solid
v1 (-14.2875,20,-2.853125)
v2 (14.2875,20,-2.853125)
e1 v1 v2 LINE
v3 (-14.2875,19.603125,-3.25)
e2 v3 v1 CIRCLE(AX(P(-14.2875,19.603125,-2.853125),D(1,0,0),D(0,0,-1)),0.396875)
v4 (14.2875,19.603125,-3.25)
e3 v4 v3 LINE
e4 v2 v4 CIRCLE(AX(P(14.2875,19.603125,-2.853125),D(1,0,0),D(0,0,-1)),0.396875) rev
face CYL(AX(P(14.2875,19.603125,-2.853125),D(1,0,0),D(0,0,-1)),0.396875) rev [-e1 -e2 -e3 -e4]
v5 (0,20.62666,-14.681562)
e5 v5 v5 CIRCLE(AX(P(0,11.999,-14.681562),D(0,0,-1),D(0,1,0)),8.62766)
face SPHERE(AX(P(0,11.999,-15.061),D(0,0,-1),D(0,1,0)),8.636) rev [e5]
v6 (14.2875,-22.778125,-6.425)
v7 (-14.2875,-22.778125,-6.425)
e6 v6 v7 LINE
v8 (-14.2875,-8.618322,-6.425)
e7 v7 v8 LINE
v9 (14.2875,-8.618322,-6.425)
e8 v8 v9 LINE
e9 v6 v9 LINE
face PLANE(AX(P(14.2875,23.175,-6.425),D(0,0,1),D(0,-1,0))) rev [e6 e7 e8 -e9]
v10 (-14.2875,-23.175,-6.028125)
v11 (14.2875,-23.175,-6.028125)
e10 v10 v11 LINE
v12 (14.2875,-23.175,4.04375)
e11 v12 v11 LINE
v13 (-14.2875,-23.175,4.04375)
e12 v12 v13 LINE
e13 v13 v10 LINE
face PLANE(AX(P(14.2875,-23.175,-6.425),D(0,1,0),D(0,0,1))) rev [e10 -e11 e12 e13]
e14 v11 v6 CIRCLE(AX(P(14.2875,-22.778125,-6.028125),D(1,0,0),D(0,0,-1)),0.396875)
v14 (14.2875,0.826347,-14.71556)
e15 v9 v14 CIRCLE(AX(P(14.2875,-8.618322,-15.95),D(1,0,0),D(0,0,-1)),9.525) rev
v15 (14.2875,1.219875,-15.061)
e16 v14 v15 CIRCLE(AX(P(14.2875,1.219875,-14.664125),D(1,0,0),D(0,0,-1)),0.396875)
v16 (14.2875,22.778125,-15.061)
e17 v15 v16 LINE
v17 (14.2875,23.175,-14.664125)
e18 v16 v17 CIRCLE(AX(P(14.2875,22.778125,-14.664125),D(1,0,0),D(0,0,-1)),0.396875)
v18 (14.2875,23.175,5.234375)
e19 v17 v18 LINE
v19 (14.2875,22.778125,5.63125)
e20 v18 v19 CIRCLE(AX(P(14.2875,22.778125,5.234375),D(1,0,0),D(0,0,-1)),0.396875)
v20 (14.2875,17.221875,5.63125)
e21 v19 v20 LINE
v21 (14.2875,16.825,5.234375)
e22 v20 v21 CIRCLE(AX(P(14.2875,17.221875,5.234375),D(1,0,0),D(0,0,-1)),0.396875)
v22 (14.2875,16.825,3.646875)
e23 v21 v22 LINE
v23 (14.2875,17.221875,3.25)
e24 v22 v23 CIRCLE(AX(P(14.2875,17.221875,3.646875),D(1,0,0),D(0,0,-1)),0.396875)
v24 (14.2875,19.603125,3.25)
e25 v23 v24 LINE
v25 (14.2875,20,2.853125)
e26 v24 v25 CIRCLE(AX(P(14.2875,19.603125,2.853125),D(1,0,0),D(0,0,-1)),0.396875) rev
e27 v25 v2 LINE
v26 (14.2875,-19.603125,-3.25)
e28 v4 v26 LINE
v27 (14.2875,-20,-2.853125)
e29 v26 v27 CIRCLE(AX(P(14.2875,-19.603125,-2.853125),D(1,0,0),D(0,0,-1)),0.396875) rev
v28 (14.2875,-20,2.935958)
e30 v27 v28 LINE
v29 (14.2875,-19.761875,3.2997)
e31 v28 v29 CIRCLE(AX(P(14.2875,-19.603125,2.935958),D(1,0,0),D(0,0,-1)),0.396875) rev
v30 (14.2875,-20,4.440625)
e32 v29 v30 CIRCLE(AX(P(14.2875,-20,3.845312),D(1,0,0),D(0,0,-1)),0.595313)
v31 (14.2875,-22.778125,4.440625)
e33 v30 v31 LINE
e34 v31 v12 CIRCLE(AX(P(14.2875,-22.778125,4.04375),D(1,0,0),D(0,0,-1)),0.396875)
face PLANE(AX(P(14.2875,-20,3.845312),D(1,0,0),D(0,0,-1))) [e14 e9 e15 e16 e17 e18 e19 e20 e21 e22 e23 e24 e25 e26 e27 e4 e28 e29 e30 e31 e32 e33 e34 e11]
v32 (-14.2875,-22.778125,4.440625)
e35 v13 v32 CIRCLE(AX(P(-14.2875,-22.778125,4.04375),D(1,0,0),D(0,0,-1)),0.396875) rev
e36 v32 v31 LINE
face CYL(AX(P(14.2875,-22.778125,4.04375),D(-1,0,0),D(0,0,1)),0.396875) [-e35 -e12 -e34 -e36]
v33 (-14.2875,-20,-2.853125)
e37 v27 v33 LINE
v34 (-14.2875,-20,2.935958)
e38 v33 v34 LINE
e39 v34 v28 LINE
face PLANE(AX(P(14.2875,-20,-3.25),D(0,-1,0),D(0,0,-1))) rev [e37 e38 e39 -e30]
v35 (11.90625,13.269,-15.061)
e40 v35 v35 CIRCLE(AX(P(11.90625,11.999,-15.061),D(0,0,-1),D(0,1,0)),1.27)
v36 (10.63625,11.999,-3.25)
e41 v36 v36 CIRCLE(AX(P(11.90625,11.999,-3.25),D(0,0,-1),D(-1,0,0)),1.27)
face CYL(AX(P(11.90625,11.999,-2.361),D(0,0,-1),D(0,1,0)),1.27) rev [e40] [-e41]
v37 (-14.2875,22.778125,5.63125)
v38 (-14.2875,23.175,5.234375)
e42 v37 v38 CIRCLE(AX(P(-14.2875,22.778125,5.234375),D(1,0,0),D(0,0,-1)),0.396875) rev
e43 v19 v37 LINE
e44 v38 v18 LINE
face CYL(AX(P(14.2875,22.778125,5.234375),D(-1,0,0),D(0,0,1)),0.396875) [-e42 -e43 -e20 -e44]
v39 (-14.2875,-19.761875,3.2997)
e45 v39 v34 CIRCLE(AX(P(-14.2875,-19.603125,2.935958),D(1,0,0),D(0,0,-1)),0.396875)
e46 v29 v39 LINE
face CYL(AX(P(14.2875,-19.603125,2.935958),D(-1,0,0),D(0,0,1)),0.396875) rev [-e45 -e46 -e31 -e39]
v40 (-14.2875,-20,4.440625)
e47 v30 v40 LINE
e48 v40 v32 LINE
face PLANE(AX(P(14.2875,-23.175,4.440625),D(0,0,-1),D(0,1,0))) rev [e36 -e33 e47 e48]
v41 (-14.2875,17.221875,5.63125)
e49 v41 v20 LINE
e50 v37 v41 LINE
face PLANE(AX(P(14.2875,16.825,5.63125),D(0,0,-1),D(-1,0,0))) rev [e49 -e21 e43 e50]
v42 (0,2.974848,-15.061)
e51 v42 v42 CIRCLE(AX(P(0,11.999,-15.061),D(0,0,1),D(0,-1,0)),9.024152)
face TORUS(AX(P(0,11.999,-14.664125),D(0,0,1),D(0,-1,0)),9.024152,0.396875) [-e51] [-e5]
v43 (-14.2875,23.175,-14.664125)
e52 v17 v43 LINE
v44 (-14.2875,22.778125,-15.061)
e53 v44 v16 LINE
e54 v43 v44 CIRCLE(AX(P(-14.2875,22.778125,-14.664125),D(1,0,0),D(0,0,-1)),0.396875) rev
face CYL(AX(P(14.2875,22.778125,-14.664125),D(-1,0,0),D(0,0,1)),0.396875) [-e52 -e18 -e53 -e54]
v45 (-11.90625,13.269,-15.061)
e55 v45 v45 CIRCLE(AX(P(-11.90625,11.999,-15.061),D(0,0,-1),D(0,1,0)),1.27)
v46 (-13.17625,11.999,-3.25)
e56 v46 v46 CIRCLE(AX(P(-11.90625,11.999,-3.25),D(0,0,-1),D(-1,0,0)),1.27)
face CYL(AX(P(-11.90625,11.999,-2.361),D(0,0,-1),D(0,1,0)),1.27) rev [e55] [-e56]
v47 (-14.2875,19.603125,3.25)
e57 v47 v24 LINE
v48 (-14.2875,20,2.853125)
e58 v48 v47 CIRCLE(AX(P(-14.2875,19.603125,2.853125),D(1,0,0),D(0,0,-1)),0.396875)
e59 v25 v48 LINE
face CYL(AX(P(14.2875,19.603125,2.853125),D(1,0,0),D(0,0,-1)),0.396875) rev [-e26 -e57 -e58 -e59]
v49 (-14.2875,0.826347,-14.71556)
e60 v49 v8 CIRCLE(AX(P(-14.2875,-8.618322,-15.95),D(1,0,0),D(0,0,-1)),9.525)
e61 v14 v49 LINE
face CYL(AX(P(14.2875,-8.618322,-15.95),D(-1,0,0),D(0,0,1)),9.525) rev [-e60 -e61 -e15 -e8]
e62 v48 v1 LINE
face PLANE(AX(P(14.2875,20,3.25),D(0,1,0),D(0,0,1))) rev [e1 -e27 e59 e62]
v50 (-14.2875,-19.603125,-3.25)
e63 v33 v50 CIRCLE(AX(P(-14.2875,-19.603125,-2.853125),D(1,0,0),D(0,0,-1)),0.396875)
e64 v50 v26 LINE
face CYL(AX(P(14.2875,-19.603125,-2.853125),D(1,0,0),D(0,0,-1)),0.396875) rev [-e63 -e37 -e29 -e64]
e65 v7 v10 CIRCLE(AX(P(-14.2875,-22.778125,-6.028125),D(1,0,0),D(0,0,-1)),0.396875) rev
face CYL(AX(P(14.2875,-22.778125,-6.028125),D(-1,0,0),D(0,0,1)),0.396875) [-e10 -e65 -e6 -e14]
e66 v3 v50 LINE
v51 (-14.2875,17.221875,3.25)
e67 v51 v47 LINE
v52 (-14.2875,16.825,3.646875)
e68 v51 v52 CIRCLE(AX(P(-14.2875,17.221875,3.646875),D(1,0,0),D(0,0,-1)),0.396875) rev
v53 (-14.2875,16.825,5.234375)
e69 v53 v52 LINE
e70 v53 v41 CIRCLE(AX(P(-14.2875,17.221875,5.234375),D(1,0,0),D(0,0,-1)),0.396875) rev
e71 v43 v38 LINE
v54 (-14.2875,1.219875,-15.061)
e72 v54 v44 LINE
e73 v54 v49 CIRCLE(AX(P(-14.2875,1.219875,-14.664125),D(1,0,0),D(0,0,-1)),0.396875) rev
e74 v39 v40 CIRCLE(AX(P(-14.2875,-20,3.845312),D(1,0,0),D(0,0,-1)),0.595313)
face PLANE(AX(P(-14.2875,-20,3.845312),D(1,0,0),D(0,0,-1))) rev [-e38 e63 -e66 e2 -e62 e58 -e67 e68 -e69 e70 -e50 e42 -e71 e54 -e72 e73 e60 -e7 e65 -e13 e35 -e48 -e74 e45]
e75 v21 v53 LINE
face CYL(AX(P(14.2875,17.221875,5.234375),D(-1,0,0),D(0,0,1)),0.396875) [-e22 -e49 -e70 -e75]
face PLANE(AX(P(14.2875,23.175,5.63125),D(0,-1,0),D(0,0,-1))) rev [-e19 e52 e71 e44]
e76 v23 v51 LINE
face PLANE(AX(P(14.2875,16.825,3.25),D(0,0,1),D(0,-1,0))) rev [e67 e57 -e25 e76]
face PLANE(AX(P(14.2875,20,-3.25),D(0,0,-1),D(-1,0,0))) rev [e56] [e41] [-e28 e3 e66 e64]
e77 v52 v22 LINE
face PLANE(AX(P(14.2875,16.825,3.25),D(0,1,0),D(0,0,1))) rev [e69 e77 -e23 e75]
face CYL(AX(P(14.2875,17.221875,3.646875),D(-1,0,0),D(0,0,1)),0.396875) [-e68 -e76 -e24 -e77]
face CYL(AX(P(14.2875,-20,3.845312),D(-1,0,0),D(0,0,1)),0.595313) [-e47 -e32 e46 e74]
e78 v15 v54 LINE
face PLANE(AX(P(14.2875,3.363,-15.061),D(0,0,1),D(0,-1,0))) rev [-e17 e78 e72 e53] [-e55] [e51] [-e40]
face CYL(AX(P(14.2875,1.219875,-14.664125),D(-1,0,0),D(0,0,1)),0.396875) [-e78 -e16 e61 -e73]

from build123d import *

# Parameters (mm, degrees)
BOSS_EXTRUDE1_DEPTH = 14.2875
FILLET1_R           = 0.396875
BOSS_EXTRUDE2_DEPTH = 14.2875
FILLET2_R           = 0.396875
SKETCH5_R           = 1.27
CUT_EXTRUDE1_DEPTH  = 12.7
FILLET3_R           = 9.525


with BuildPart() as part:
    # Sketch2 → Boss-Extrude1 (new body, symmetric)
    with BuildSketch(Plane(origin=(0, 0, 0), x_dir=(0, 0, -1), z_dir=(1, 0, 0))):
        with BuildLine():
            Line((-3.25, 16.825), (-5.63125, 16.825))
            Line((-5.63125, 16.825), (-5.63125, 23.175))
            Line((-5.63125, 23.175), (6.425, 23.175))
            Line((6.425, 23.175), (6.425, -23.175))
            Line((6.425, -23.175), (-4.440625, -23.175))
            Line((-4.440625, -23.175), (-4.440625, -20))
            ThreePointArc((-4.440625, -20), (-3.8453125, -19.4046875), (-3.25, -20))
            Line((-3.25, -20), (3.25, -20))
            Line((3.25, -20), (3.25, 20))
            Line((3.25, 20), (-3.25, 20))
            Line((-3.25, 20), (-3.25, 16.825))
        make_face()
    extrude(amount=BOSS_EXTRUDE1_DEPTH, both=True)

    # Fillet1
    fillet1_edges = [part.edges().sort_by_distance(p)[0] for p in [
        (0, 20, -3.25),
        (0, 20, 3.25),
        (0, 16.825, 3.25),
        (0, 16.825, 5.63125),
        (0, 23.175, 5.63125),
        (0, -23.175, 4.440625),
        (0, -20, 3.25),
        (0, -20, -3.25),
    ]]
    fillet(fillet1_edges, radius=FILLET1_R)

    # Sketch3 → Boss-Extrude2 (add, symmetric)
    with BuildSketch(Plane(origin=(0, 0, 0), x_dir=(0, 0, -1), z_dir=(1, 0, 0))):
        Polygon((6.425, 23.175), (15.061, 23.175), (15.061, 20.635), (15.061, 3.363), (15.061, 0.823), (6.425, 0.823), align=None)
    extrude(amount=BOSS_EXTRUDE2_DEPTH, both=True)

    # Sketch4 → Cut-Revolve3 (revolve, cut)
    with BuildSketch(Plane(origin=(0, 0, 0), x_dir=(0, 0, -1), z_dir=(1, 0, 0))):
        with BuildLine():
            Line((15.061, 3.363), (15.061, 20.635))
            ThreePointArc((15.061, 20.635), (6.425, 11.999), (15.061, 3.363))
        make_face()
    revolve(axis=Axis((0, 3.363, -15.061), (0, 1, 0)), mode=Mode.SUBTRACT)

    # Fillet2
    fillet2_edges = [part.edges().sort_by_distance(p)[0] for p in [
        (0, -23.175, -6.425),
        (0, 23.175, -15.061),
        (0, 0.823, -15.061),
        (8.636, 11.999, -15.061),
    ]]
    fillet(fillet2_edges, radius=FILLET2_R)

    # Sketch5 → Cut-Extrude1 (cut)
    with BuildSketch(Plane(origin=(0, 0, -15.061), x_dir=(-1, 0, 0), z_dir=(0, 0, -1))):
        with Locations((-11.90625, 11.999)):
            Circle(SKETCH5_R)
        with Locations((11.90625, 11.999)):
            Circle(SKETCH5_R)
    extrude(amount=-CUT_EXTRUDE1_DEPTH, mode=Mode.SUBTRACT)

    # Fillet3
    fillet3_edges = [part.edges().sort_by_distance(p)[0] for p in [
        (0, 0.823, -6.425),
    ]]
    fillet(fillet3_edges, radius=FILLET3_R)


solid = part.part
